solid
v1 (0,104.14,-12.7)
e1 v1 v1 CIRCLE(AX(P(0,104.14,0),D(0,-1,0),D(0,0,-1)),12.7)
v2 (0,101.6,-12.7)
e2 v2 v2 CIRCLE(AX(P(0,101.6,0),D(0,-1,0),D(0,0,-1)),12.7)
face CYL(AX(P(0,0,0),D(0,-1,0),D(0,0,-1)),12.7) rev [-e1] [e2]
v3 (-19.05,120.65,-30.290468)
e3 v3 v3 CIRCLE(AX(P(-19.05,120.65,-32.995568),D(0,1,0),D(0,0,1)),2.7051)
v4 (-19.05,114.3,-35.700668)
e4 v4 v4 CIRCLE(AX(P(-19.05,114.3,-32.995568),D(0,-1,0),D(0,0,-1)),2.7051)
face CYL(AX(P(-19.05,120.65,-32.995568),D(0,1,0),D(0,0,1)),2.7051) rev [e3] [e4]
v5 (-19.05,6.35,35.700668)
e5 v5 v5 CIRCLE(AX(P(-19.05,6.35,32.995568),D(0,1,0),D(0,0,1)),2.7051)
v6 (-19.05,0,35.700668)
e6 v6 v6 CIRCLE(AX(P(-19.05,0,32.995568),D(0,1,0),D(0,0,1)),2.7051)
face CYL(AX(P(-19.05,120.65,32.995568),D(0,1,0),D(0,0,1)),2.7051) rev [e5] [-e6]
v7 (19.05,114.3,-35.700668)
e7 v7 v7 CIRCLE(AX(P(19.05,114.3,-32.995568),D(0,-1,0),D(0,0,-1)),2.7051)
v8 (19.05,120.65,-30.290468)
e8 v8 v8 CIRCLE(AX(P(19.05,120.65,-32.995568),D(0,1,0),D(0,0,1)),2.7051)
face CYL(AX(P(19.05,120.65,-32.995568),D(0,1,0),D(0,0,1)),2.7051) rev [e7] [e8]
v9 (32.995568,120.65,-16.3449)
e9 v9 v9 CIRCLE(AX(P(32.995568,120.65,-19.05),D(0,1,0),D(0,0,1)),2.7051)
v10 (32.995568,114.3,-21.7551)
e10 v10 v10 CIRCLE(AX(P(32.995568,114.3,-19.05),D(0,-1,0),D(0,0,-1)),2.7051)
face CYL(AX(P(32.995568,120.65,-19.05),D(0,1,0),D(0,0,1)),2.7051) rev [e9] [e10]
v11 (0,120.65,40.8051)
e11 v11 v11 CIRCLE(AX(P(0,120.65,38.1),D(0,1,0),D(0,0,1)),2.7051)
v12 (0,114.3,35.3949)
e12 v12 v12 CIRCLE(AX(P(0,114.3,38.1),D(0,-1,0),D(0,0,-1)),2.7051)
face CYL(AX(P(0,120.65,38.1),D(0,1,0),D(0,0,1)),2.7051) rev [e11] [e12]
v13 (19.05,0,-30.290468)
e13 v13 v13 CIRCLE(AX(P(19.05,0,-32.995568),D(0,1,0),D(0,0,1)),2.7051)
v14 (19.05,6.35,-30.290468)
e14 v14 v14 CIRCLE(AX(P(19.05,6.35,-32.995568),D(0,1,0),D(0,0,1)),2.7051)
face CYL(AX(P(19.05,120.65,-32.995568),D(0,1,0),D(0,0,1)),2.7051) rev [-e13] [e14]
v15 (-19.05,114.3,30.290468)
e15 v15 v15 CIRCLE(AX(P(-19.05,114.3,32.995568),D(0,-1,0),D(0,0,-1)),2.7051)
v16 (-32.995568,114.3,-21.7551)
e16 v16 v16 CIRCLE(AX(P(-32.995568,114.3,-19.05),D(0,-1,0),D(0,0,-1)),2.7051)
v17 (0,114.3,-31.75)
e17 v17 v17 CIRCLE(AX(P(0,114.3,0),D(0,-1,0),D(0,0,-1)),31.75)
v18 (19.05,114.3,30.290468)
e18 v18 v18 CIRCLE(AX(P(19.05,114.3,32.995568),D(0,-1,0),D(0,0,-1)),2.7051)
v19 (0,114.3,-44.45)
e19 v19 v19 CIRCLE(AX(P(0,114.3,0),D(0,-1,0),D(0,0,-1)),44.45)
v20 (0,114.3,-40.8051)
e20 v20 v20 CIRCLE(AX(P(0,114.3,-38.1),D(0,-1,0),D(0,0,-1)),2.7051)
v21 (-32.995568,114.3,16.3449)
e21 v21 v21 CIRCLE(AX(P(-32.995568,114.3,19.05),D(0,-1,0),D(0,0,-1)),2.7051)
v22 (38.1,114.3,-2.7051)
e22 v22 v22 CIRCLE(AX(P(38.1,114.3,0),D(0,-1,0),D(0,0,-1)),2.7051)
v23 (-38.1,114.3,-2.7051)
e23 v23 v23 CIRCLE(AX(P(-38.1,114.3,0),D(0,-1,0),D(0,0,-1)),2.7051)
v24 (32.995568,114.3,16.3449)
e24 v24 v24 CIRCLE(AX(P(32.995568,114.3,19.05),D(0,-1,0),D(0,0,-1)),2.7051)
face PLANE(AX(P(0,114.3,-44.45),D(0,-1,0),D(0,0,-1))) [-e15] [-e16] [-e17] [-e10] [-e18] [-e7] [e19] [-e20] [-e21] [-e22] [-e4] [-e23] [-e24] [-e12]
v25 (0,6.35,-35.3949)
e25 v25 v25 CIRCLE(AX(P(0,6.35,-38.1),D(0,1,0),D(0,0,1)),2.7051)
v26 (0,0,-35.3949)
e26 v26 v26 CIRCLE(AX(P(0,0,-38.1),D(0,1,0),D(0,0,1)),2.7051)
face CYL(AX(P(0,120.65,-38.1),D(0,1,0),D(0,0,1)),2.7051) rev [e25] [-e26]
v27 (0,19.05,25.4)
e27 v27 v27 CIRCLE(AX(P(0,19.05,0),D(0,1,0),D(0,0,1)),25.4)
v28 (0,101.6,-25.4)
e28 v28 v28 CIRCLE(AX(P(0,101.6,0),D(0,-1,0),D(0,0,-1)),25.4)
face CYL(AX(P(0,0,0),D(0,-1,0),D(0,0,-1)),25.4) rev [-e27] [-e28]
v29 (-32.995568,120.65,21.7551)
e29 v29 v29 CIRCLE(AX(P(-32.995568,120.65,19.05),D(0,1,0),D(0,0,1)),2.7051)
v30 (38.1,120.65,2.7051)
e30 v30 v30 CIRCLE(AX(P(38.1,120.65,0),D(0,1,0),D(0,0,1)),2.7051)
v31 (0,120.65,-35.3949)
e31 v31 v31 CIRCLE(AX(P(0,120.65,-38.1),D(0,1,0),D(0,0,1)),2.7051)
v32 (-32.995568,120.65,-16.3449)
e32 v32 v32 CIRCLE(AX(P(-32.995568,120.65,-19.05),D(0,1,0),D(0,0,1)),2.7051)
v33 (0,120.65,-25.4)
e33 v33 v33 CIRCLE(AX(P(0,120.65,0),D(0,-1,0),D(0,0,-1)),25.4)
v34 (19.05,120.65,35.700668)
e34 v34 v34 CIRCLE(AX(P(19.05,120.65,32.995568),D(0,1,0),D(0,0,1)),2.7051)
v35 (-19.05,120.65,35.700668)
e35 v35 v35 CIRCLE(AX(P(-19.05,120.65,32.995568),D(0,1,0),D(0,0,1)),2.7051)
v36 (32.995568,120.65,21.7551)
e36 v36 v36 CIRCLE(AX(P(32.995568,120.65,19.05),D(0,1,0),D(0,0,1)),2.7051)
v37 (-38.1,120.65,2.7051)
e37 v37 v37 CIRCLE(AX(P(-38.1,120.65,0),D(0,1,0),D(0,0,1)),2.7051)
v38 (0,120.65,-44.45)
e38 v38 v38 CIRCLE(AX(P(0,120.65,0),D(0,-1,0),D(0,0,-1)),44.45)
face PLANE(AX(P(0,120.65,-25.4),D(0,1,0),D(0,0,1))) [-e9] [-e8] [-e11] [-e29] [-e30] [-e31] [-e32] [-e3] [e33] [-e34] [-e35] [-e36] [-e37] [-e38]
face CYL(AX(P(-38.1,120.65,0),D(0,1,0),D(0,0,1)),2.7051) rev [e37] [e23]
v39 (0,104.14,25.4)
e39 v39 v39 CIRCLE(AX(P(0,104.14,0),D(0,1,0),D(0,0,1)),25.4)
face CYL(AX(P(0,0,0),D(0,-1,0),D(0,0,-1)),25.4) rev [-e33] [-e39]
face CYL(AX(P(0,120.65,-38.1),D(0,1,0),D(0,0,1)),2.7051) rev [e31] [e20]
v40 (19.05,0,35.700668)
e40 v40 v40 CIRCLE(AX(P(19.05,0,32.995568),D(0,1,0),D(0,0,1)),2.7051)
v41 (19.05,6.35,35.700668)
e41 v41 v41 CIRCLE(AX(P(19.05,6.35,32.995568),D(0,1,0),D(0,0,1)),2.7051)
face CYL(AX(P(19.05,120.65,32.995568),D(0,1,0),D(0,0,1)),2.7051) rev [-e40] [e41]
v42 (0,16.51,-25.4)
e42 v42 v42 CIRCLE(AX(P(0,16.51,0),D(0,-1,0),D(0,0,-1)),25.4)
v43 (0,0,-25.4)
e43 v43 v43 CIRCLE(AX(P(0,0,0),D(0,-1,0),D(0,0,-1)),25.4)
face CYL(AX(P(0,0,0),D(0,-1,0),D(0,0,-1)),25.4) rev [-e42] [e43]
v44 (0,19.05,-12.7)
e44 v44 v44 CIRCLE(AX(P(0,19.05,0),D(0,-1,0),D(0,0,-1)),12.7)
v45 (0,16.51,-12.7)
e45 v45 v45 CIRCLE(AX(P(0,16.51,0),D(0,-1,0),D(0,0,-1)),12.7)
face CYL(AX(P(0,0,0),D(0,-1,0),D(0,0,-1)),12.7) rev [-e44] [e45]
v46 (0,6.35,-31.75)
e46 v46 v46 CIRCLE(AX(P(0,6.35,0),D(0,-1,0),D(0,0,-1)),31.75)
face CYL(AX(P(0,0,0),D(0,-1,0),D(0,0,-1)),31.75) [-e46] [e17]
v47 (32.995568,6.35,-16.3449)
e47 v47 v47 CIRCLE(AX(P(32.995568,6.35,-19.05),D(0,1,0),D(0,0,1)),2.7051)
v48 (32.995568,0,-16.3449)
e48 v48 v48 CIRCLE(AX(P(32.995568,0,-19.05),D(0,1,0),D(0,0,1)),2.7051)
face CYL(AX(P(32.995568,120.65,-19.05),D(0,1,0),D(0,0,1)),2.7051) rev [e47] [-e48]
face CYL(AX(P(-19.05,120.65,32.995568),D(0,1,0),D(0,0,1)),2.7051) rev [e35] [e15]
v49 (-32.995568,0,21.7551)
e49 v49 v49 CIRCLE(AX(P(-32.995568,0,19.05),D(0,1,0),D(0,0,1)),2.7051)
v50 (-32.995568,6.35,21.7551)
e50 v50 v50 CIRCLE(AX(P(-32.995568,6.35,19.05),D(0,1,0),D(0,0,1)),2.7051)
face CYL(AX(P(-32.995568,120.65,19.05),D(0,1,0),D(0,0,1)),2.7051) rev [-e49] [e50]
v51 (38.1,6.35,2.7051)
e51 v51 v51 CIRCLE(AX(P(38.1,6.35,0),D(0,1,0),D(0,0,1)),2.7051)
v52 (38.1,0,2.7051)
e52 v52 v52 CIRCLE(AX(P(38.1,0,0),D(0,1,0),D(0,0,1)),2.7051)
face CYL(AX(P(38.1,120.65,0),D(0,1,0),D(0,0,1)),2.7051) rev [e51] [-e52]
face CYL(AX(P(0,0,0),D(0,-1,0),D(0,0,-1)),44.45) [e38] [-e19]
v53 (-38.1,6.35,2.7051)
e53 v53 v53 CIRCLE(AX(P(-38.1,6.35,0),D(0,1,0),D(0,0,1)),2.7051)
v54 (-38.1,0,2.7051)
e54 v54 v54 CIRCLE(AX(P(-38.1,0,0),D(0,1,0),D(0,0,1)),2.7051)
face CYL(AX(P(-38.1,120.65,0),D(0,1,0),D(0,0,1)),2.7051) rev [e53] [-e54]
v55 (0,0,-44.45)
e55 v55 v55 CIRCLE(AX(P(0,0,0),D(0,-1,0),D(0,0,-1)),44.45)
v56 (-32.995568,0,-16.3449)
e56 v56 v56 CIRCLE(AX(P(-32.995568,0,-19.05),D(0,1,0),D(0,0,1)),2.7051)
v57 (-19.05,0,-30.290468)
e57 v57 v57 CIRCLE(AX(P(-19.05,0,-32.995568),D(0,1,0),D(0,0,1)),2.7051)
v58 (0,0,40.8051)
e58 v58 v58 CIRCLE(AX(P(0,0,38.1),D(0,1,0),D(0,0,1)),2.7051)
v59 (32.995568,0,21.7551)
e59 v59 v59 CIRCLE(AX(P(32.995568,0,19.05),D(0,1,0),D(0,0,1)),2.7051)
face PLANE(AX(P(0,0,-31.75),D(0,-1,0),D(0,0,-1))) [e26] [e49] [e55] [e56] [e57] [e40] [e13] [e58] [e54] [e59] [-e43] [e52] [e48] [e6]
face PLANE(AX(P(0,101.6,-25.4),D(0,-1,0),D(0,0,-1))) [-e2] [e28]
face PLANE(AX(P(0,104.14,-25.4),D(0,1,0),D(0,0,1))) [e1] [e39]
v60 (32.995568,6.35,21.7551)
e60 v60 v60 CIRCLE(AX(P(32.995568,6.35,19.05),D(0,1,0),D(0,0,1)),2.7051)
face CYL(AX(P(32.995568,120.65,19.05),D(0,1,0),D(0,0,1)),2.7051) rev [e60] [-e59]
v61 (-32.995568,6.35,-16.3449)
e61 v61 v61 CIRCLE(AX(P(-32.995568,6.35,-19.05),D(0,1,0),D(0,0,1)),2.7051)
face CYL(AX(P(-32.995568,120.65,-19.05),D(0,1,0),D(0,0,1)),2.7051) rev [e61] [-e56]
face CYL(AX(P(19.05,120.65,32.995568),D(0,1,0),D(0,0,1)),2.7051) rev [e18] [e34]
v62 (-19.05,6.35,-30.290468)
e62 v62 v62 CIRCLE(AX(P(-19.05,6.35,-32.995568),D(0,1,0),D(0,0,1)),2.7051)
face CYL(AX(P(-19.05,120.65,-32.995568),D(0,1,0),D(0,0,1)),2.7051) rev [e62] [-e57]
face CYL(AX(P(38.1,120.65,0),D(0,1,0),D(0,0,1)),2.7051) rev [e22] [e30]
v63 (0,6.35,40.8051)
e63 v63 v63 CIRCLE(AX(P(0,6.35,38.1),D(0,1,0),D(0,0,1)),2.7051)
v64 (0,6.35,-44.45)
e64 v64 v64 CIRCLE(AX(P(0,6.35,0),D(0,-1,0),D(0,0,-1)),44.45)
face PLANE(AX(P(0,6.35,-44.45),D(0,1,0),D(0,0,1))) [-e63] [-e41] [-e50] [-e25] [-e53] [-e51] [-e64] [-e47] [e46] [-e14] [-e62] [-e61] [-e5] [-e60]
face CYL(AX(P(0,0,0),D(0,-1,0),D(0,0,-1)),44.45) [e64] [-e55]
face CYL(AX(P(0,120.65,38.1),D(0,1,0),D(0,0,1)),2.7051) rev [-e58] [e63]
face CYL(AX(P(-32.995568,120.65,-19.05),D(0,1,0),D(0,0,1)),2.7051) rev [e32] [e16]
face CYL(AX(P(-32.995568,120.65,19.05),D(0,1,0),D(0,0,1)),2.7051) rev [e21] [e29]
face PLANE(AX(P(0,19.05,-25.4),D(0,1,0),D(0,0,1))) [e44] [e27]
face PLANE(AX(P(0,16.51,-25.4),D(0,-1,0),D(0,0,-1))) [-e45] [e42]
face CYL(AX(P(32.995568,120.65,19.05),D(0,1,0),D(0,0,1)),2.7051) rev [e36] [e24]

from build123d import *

# Parameters (mm, degrees)
SKETCH4_W                  = 12.7
SKETCH4_H                  = 2.54
F_3_0_213_DIAMETER_HOLE3_D = 5.4102


with BuildPart() as part:
    # Sketch1 → Chamber (revolve)
    with BuildSketch(Plane(origin=(0, 0, 0), x_dir=(0, 0, -1), z_dir=(1, 0, 0))):
        Polygon((31.75, 6.35), (31.75, 114.3), (44.45, 114.3), (44.45, 120.65), (31.75, 120.65), (25.4, 120.65), (25.4, 114.3), (25.4, 6.35), (25.4, 0), (31.75, 0), (44.45, 0), (44.45, 6.35), align=None)
    revolve(axis=Axis((0, 0, 0), (0, 1, 0)))

    # Sketch4 → Turbulence Rings (revolve)
    with BuildSketch(Plane(origin=(0, 0, 0), x_dir=(0, 0, -1), z_dir=(1, 0, 0))):
        with Locations((19.05, 102.87)):
            Rectangle(SKETCH4_W, SKETCH4_H)
        with Locations((19.05, 17.78)):
            Rectangle(SKETCH4_W, SKETCH4_H)
    revolve(axis=Axis((0, 0, 0), (0, 1, 0)))

    # #3 (0.213) Diameter Hole3 (through all)
    with Locations(Plane(origin=(0, 120.65, 0), x_dir=(1, 0, 0), z_dir=(0, 1, 0))):
        with Locations((0, 0), (-38.1, 0), (-32.995567884, 19.05), (-19.05, 32.995567884), (0, 38.1), (19.05, 32.995567884), (32.995567884, 19.05), (38.1, 0), (32.995567884, -19.05), (19.05, -32.995567884), (0, -38.1), (-19.05, -32.995567884), (-32.995567884, -19.05)):
            Hole(F_3_0_213_DIAMETER_HOLE3_D / 2)


solid = part.part
